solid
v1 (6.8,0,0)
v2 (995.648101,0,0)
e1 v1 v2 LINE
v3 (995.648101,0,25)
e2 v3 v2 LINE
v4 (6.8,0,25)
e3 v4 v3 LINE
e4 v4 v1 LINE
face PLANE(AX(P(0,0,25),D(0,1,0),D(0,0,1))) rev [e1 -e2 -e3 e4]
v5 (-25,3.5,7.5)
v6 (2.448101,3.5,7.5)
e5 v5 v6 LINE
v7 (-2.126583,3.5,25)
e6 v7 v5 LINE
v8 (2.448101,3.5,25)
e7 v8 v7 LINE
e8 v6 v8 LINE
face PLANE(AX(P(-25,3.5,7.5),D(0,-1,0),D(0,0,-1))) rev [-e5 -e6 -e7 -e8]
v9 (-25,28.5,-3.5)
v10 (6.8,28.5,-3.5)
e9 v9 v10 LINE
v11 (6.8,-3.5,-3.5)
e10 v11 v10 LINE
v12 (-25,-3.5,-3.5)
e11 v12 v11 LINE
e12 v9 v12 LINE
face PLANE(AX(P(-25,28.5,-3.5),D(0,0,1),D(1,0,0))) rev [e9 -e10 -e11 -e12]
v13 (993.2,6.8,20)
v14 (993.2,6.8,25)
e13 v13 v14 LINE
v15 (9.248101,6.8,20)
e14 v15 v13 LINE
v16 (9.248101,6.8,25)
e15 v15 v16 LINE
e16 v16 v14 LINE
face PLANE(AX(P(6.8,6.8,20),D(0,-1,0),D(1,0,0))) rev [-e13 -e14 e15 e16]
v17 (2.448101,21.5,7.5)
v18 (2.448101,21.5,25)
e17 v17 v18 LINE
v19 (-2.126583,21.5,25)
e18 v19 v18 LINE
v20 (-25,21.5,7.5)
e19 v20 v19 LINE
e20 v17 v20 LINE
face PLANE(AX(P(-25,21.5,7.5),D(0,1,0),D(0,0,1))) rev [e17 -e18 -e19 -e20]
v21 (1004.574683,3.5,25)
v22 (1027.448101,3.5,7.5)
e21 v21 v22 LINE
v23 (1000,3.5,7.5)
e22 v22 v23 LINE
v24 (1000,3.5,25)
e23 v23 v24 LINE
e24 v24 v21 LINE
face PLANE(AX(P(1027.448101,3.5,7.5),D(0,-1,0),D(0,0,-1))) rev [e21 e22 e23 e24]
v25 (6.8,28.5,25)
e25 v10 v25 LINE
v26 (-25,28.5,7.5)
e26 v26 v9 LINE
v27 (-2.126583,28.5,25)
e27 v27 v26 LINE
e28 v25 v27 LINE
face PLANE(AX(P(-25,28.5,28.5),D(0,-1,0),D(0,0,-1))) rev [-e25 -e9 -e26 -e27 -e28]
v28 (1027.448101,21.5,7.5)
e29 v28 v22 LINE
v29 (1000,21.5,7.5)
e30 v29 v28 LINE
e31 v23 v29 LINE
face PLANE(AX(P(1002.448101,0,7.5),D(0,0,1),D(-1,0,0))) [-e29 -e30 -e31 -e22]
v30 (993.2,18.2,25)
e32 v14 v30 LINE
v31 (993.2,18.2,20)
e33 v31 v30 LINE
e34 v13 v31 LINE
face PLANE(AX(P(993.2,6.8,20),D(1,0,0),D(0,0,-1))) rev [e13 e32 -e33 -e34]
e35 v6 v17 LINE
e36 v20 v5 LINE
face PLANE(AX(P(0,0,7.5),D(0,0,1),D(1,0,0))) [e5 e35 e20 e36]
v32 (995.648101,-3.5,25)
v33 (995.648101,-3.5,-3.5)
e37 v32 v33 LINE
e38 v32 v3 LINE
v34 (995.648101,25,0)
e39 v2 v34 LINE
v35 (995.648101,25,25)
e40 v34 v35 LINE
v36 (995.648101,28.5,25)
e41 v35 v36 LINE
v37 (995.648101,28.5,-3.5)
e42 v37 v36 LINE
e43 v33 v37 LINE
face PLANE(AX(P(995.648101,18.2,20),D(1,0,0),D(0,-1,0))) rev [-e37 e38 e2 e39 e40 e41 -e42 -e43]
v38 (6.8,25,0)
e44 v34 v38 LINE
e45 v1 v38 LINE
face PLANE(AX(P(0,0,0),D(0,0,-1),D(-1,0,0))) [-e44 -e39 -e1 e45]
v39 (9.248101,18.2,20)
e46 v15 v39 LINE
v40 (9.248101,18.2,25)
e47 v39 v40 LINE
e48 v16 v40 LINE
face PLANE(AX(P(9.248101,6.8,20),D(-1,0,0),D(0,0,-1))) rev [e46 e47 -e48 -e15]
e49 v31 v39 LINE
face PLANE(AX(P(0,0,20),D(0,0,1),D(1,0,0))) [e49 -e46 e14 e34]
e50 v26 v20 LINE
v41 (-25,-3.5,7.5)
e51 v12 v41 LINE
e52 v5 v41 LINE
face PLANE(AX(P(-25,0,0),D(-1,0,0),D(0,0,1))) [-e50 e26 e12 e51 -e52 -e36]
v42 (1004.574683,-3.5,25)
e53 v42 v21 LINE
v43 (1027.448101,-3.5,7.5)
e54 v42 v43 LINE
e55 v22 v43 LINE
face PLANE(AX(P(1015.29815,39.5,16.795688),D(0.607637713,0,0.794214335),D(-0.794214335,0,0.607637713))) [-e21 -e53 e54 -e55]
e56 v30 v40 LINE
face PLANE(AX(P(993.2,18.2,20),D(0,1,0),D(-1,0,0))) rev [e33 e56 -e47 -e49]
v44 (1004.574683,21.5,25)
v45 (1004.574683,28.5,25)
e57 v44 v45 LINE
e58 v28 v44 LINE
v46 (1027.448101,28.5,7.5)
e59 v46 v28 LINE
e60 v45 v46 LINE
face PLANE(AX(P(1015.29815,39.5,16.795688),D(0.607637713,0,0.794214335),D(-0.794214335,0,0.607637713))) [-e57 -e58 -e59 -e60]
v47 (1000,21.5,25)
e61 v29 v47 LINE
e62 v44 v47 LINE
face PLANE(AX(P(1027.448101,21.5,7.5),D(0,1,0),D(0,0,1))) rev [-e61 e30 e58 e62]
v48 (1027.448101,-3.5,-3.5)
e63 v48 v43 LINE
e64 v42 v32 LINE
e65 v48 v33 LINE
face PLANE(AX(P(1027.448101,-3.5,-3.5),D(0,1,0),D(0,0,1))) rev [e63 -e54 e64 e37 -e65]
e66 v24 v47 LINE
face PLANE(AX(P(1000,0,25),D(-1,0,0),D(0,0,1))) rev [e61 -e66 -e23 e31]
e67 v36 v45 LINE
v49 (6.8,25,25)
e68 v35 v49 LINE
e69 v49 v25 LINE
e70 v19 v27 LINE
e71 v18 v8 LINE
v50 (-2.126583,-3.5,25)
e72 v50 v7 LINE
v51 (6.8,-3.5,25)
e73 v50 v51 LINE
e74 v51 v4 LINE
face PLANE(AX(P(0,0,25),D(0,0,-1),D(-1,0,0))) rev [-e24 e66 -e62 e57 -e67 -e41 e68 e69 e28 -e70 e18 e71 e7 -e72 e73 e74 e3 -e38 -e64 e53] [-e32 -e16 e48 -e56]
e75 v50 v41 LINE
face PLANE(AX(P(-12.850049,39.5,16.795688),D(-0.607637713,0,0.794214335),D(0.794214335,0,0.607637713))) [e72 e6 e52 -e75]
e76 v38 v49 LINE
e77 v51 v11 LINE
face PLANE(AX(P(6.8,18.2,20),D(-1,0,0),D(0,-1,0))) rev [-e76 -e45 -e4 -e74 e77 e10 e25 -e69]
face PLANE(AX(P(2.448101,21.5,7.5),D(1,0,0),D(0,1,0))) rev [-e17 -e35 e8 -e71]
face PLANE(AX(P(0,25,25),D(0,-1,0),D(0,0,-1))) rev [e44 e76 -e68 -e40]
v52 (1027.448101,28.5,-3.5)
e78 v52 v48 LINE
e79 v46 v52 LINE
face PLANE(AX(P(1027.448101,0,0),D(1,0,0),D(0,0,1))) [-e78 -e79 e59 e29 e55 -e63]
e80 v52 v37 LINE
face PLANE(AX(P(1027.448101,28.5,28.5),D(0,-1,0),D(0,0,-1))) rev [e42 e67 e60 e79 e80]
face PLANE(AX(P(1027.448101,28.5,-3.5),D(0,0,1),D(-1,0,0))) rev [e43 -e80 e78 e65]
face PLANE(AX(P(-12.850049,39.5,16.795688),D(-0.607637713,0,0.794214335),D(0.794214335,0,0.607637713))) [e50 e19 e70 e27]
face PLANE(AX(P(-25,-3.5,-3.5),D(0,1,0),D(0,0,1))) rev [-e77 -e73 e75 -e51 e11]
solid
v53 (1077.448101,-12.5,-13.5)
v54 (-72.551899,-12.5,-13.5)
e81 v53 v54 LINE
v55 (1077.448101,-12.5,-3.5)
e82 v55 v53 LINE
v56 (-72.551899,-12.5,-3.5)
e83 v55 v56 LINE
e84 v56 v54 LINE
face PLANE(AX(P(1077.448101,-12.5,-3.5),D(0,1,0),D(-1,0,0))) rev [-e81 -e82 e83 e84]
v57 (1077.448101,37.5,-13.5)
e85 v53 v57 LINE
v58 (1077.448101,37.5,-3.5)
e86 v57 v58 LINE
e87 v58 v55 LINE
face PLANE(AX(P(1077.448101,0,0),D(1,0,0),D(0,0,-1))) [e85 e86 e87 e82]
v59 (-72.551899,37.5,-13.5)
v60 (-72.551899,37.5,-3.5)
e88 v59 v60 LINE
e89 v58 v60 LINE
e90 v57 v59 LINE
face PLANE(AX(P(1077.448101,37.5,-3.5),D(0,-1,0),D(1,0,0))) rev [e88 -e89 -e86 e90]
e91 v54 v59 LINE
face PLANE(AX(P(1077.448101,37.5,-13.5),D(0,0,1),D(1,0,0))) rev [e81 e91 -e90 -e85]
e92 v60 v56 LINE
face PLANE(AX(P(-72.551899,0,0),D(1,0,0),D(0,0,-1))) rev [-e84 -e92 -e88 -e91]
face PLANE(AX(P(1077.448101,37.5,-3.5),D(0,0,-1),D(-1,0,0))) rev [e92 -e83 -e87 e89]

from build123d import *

# Parameters (mm, degrees)
SKETCH1_W                = 1000
SKETCH1_H                = 25
BOSS_EXTRUDE1_DEPTH      = 25
SKETCH2_W                = 986.4
SKETCH2_H                = 11.4
CUT_EXTRUDE2_DEPTH       = 5
SKETCH4_W                = 32
SKETCH4_H                = 32
SKETCH4_W_2              = 25
SKETCH4_H_2              = 25
BOSS_EXTRUDE2_DEPTH      = 6.8
SKETCH5_W                = 32
SKETCH5_H                = 32
BOSS_EXTRUDE3_DEPTH      = 25
SKETCH6_W                = 27.448100552
SKETCH6_H                = 18
CUT_EXTRUDE3_DEPTH       = 21
CUT_EXTRUDE4_DEPTH       = 43
CUT_EXTRUDE5_DEPTH       = 43
CUT_EXTRUDE5_DEPTH_BACK  = 413
BOSS_EXTRUDE5_DEPTH      = 50
BOSS_EXTRUDE5_DEPTH_BACK = 1100
SKETCH10_W               = 10
SKETCH10_H               = 50


with BuildPart() as part:
    # Sketch1 → Boss-Extrude1 (new body)
    with BuildSketch(Plane.XY):
        with Locations((500, 12.5)):
            Rectangle(SKETCH1_W, SKETCH1_H)
    extrude(amount=BOSS_EXTRUDE1_DEPTH)

    # Sketch2 → Cut-Extrude2 (cut)
    with BuildSketch(Plane.XY.offset(25)):
        with Locations((500, 12.5)):
            Rectangle(SKETCH2_W, SKETCH2_H)
    extrude(amount=-CUT_EXTRUDE2_DEPTH, mode=Mode.SUBTRACT)



with BuildPart() as body_2:
    # Sketch4 → Boss-Extrude2 (new body)
    with BuildSketch(Plane(origin=(6.8, 0, 0), x_dir=(0, 0, -1), z_dir=(1, 0, 0))):
        with Locations((-12.5, 12.5)):
            Rectangle(SKETCH4_W, SKETCH4_H)
        with Locations((-12.5, 12.5)):
            Rectangle(SKETCH4_W_2, SKETCH4_H_2, mode=Mode.SUBTRACT)
    extrude(amount=-BOSS_EXTRUDE2_DEPTH)


with BuildPart() as part_1:
    add(part.part)

    add(body_2.part)  # Boss-Extrude3 merges body 2
    # Sketch5 → Boss-Extrude3 (add)
    with BuildSketch(Plane.ZY):
        with Locations((12.5, 12.5)):
            Rectangle(SKETCH5_W, SKETCH5_H)
    extrude(amount=BOSS_EXTRUDE3_DEPTH)

    # Sketch6 → Cut-Extrude3 (cut)
    with BuildSketch(Plane.XY.offset(28.5)):
        with Locations((-11.275949724, 12.5)):
            Rectangle(SKETCH6_W, SKETCH6_H)
    extrude(amount=-CUT_EXTRUDE3_DEPTH, mode=Mode.SUBTRACT)

    # Sketch7 → Cut-Extrude4 (cut)
    with BuildSketch(Plane.XZ.offset(3.5)):
        Polygon((2.448100552, 28.5), (-25, 28.5), (-25, 7.5), align=None)
    extrude(amount=-CUT_EXTRUDE4_DEPTH, mode=Mode.SUBTRACT)

    # Sketch8 → Cut-Extrude5 (cut, two sides: drawn at the far end of the back side and taken through both)
    with BuildSketch(Plane.ZY.offset(-2.448100552).offset(-CUT_EXTRUDE5_DEPTH_BACK)):
        with BuildLine():
            Line((20, 6.8), (23, 6.8))
            ThreePointArc((23, 6.8), (24.414213562, 6.214213562), (25, 4.8))
            Line((25, 4.8), (25, -5.020840196))
            Line((25, -5.020840196), (31.991589763, -5.020840196))
            Line((31.991589763, -5.020840196), (31.991589763, 30.746420452))
            Line((31.991589763, 30.746420452), (25, 30.746420452))
            Line((25, 30.746420452), (25, 20.2))
            ThreePointArc((25, 20.2), (24.414213562, 18.785786438), (23, 18.2))
            Line((23, 18.2), (20, 18.2))
            Line((20, 18.2), (20, 6.8))
        make_face()
    extrude(amount=CUT_EXTRUDE5_DEPTH + CUT_EXTRUDE5_DEPTH_BACK, mode=Mode.SUBTRACT)

    # Mirror6: part across plane


with BuildPart() as part_2:
    add(part_1.part)
    add(part_1.part.mirror(Plane(origin=(501.224050276, 0, 0), x_dir=(0, 0, 1), z_dir=(1, 0, 0))))


with BuildPart() as body_2_2:
    # Sketch10 → Boss-Extrude5 (new, two sides: drawn at the far end of the back side and taken through both)
    with BuildSketch(Plane(origin=(1027.448100552, 0, 0), x_dir=(0, 0, -1), z_dir=(1, 0, 0)).offset(-BOSS_EXTRUDE5_DEPTH_BACK)):
        with Locations((8.5, 12.5)):
            Rectangle(SKETCH10_W, SKETCH10_H)
    extrude(amount=BOSS_EXTRUDE5_DEPTH + BOSS_EXTRUDE5_DEPTH_BACK)


solid = Compound([part_2.part, body_2_2.part])
